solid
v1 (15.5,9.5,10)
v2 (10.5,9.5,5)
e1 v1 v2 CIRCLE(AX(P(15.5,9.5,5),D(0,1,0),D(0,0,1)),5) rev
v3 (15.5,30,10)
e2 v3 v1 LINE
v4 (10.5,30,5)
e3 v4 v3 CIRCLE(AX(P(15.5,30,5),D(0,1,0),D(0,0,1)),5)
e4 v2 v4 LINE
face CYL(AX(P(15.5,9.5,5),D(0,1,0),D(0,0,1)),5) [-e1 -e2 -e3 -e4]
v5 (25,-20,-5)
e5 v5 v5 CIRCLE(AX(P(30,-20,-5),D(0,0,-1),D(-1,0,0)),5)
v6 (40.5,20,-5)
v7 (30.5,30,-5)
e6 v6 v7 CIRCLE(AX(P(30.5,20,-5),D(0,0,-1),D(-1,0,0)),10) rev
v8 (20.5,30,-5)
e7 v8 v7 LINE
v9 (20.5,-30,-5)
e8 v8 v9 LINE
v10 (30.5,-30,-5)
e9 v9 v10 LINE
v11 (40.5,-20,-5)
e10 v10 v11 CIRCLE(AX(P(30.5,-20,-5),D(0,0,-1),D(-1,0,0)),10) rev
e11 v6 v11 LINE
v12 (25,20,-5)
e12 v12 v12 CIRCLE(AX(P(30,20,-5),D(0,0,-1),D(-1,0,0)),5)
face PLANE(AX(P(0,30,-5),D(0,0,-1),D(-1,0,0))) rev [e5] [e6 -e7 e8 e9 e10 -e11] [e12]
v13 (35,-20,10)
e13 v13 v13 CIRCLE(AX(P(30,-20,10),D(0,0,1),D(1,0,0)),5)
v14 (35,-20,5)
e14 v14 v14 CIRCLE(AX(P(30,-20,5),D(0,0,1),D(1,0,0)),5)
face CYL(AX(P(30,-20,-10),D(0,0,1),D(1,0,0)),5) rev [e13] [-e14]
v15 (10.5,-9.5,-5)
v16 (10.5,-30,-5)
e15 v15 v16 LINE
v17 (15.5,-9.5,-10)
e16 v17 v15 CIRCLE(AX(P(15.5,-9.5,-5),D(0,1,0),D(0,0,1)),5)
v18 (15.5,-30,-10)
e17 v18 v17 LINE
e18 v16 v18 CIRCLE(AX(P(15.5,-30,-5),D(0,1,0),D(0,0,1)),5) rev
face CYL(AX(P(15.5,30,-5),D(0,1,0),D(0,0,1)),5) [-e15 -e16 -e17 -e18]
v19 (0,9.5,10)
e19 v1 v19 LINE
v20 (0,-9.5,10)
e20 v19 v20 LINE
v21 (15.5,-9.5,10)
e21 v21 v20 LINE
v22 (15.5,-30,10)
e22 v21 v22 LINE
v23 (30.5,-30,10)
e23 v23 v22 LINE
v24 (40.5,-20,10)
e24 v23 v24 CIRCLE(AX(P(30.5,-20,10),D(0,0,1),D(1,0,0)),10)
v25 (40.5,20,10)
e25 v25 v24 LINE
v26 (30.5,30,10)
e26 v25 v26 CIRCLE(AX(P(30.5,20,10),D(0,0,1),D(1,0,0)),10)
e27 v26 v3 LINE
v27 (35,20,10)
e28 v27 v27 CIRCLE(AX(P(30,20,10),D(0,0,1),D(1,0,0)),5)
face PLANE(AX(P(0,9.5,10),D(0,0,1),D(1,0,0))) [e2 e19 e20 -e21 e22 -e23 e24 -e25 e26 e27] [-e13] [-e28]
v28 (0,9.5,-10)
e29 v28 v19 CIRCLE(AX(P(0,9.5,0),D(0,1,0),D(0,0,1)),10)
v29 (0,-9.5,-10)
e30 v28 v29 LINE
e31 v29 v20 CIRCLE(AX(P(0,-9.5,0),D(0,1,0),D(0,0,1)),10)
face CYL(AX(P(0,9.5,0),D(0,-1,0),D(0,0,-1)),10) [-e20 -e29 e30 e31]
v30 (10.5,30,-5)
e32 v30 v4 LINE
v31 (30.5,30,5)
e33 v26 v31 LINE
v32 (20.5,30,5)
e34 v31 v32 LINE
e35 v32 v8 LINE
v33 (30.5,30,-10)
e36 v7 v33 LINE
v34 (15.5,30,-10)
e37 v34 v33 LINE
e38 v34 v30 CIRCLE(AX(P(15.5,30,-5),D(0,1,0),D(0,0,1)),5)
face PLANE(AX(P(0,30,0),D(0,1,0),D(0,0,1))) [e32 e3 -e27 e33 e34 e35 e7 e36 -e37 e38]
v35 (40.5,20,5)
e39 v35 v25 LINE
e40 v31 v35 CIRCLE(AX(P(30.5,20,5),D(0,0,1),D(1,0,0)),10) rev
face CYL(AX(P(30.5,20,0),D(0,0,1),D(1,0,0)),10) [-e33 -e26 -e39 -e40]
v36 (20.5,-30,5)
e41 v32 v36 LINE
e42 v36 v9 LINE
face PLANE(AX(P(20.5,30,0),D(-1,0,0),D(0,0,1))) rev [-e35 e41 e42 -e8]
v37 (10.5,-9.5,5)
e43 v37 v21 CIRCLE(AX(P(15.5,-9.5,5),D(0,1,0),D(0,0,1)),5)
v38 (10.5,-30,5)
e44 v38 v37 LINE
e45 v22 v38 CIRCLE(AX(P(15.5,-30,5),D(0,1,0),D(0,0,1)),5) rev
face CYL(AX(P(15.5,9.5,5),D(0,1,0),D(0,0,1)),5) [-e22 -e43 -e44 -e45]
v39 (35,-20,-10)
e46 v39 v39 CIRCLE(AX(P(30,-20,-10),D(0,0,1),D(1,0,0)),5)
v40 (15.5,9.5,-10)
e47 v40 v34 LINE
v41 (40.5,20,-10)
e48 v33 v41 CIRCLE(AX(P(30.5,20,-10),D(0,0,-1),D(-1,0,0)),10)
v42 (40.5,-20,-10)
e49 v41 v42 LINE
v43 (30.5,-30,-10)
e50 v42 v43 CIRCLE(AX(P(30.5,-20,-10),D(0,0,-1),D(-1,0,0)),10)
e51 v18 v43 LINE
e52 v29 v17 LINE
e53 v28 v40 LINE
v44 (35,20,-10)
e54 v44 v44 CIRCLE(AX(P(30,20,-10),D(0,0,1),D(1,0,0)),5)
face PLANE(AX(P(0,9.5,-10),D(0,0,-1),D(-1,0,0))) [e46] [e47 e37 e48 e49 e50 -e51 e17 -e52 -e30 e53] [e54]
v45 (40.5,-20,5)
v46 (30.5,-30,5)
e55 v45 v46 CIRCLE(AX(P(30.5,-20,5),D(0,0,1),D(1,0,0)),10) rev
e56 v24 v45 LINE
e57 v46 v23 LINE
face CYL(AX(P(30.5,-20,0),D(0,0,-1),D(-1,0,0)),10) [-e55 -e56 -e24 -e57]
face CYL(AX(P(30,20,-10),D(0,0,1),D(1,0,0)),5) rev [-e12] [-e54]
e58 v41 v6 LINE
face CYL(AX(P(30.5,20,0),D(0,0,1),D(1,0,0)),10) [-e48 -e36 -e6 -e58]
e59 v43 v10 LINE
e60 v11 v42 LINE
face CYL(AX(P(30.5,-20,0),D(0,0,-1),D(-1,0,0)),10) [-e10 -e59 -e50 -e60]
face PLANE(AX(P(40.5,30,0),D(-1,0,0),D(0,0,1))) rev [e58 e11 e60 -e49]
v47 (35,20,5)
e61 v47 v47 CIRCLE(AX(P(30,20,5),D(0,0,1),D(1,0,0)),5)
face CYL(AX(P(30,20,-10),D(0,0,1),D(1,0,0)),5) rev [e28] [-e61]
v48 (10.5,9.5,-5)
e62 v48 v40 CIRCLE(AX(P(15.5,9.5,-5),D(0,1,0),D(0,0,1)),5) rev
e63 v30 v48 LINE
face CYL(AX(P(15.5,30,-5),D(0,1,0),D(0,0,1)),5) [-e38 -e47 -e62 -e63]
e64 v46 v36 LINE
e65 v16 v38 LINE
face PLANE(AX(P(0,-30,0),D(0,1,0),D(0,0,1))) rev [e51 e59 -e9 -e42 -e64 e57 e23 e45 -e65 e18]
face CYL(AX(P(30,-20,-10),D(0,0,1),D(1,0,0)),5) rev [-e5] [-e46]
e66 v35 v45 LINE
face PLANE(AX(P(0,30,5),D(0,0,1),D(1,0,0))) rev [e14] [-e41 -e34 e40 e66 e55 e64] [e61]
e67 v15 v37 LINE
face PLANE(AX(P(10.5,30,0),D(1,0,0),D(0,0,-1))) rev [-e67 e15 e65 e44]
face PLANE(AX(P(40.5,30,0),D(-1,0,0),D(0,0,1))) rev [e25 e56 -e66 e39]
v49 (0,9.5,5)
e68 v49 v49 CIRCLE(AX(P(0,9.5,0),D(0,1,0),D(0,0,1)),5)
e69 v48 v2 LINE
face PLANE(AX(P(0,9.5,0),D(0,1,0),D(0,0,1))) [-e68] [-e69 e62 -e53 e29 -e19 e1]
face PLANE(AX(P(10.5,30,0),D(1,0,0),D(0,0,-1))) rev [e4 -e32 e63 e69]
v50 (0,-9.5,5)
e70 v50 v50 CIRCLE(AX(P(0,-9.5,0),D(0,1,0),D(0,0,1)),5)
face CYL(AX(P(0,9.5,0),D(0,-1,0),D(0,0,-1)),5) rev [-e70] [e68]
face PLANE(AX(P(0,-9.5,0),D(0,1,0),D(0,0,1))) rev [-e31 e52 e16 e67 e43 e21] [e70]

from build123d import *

# Parameters (mm, degrees)
SKETCH1_R           = 5
BOSS_EXTRUDE1_DEPTH = 9.5
BOSS_EXTRUDE2_DEPTH = 30
SKETCH2_R           = 5
CUT_EXTRUDE1_DEPTH  = 21
FILLET1_R           = 10
FILLET2_R           = 5


with BuildPart() as part:
    # Sketch1 → Boss-Extrude1 (new body, symmetric)
    with BuildSketch(Plane(origin=(0, 0, 0), x_dir=(1, 0, 0), z_dir=(0, 1, 0))):
        with BuildLine():
            Line((10.5, 10), (0, 10))
            ThreePointArc((0, 10), (-10, 0), (0, -10))
            Line((0, -10), (10.5, -10))
            Line((10.5, -10), (10.5, 10))
        make_face()
        Circle(SKETCH1_R, mode=Mode.SUBTRACT)
    extrude(amount=BOSS_EXTRUDE1_DEPTH, both=True)

    # Sketch1<3> → Boss-Extrude2 (add, symmetric)
    with BuildSketch(Plane(origin=(0, 0, 0), x_dir=(1, 0, 0), z_dir=(0, 1, 0))):
        Polygon((40.5, 10), (10.5, 10), (10.5, -10), (40.5, -10), (40.5, -5), (20.5, -5), (20.5, 5), (40.5, 5), align=None)
    extrude(amount=BOSS_EXTRUDE2_DEPTH, both=True)

    # Sketch2 → Cut-Extrude1 (cut, through all)
    with BuildSketch(Plane.XY.offset(10)):
        with Locations((30, 20)):
            Circle(SKETCH2_R)
        with Locations((30, -20)):
            Circle(SKETCH2_R)
    extrude(amount=-CUT_EXTRUDE1_DEPTH, mode=Mode.SUBTRACT)

    # Fillet1
    fillet1_edges = [part.edges().sort_by_distance(p)[0] for p in [
        (40.5, -30, -7.5),
        (40.5, -30, 7.5),
        (40.5, 30, -7.5),
        (40.5, 30, 7.5),
    ]]
    fillet(fillet1_edges, radius=FILLET1_R)

    # Fillet2
    fillet2_edges = [part.edges().sort_by_distance(p)[0] for p in [
        (10.5, 19.75, -10),
        (10.5, -19.75, -10),
        (10.5, 19.75, 10),
        (10.5, -19.75, 10),
    ]]
    fillet(fillet2_edges, radius=FILLET2_R)


solid = part.part
